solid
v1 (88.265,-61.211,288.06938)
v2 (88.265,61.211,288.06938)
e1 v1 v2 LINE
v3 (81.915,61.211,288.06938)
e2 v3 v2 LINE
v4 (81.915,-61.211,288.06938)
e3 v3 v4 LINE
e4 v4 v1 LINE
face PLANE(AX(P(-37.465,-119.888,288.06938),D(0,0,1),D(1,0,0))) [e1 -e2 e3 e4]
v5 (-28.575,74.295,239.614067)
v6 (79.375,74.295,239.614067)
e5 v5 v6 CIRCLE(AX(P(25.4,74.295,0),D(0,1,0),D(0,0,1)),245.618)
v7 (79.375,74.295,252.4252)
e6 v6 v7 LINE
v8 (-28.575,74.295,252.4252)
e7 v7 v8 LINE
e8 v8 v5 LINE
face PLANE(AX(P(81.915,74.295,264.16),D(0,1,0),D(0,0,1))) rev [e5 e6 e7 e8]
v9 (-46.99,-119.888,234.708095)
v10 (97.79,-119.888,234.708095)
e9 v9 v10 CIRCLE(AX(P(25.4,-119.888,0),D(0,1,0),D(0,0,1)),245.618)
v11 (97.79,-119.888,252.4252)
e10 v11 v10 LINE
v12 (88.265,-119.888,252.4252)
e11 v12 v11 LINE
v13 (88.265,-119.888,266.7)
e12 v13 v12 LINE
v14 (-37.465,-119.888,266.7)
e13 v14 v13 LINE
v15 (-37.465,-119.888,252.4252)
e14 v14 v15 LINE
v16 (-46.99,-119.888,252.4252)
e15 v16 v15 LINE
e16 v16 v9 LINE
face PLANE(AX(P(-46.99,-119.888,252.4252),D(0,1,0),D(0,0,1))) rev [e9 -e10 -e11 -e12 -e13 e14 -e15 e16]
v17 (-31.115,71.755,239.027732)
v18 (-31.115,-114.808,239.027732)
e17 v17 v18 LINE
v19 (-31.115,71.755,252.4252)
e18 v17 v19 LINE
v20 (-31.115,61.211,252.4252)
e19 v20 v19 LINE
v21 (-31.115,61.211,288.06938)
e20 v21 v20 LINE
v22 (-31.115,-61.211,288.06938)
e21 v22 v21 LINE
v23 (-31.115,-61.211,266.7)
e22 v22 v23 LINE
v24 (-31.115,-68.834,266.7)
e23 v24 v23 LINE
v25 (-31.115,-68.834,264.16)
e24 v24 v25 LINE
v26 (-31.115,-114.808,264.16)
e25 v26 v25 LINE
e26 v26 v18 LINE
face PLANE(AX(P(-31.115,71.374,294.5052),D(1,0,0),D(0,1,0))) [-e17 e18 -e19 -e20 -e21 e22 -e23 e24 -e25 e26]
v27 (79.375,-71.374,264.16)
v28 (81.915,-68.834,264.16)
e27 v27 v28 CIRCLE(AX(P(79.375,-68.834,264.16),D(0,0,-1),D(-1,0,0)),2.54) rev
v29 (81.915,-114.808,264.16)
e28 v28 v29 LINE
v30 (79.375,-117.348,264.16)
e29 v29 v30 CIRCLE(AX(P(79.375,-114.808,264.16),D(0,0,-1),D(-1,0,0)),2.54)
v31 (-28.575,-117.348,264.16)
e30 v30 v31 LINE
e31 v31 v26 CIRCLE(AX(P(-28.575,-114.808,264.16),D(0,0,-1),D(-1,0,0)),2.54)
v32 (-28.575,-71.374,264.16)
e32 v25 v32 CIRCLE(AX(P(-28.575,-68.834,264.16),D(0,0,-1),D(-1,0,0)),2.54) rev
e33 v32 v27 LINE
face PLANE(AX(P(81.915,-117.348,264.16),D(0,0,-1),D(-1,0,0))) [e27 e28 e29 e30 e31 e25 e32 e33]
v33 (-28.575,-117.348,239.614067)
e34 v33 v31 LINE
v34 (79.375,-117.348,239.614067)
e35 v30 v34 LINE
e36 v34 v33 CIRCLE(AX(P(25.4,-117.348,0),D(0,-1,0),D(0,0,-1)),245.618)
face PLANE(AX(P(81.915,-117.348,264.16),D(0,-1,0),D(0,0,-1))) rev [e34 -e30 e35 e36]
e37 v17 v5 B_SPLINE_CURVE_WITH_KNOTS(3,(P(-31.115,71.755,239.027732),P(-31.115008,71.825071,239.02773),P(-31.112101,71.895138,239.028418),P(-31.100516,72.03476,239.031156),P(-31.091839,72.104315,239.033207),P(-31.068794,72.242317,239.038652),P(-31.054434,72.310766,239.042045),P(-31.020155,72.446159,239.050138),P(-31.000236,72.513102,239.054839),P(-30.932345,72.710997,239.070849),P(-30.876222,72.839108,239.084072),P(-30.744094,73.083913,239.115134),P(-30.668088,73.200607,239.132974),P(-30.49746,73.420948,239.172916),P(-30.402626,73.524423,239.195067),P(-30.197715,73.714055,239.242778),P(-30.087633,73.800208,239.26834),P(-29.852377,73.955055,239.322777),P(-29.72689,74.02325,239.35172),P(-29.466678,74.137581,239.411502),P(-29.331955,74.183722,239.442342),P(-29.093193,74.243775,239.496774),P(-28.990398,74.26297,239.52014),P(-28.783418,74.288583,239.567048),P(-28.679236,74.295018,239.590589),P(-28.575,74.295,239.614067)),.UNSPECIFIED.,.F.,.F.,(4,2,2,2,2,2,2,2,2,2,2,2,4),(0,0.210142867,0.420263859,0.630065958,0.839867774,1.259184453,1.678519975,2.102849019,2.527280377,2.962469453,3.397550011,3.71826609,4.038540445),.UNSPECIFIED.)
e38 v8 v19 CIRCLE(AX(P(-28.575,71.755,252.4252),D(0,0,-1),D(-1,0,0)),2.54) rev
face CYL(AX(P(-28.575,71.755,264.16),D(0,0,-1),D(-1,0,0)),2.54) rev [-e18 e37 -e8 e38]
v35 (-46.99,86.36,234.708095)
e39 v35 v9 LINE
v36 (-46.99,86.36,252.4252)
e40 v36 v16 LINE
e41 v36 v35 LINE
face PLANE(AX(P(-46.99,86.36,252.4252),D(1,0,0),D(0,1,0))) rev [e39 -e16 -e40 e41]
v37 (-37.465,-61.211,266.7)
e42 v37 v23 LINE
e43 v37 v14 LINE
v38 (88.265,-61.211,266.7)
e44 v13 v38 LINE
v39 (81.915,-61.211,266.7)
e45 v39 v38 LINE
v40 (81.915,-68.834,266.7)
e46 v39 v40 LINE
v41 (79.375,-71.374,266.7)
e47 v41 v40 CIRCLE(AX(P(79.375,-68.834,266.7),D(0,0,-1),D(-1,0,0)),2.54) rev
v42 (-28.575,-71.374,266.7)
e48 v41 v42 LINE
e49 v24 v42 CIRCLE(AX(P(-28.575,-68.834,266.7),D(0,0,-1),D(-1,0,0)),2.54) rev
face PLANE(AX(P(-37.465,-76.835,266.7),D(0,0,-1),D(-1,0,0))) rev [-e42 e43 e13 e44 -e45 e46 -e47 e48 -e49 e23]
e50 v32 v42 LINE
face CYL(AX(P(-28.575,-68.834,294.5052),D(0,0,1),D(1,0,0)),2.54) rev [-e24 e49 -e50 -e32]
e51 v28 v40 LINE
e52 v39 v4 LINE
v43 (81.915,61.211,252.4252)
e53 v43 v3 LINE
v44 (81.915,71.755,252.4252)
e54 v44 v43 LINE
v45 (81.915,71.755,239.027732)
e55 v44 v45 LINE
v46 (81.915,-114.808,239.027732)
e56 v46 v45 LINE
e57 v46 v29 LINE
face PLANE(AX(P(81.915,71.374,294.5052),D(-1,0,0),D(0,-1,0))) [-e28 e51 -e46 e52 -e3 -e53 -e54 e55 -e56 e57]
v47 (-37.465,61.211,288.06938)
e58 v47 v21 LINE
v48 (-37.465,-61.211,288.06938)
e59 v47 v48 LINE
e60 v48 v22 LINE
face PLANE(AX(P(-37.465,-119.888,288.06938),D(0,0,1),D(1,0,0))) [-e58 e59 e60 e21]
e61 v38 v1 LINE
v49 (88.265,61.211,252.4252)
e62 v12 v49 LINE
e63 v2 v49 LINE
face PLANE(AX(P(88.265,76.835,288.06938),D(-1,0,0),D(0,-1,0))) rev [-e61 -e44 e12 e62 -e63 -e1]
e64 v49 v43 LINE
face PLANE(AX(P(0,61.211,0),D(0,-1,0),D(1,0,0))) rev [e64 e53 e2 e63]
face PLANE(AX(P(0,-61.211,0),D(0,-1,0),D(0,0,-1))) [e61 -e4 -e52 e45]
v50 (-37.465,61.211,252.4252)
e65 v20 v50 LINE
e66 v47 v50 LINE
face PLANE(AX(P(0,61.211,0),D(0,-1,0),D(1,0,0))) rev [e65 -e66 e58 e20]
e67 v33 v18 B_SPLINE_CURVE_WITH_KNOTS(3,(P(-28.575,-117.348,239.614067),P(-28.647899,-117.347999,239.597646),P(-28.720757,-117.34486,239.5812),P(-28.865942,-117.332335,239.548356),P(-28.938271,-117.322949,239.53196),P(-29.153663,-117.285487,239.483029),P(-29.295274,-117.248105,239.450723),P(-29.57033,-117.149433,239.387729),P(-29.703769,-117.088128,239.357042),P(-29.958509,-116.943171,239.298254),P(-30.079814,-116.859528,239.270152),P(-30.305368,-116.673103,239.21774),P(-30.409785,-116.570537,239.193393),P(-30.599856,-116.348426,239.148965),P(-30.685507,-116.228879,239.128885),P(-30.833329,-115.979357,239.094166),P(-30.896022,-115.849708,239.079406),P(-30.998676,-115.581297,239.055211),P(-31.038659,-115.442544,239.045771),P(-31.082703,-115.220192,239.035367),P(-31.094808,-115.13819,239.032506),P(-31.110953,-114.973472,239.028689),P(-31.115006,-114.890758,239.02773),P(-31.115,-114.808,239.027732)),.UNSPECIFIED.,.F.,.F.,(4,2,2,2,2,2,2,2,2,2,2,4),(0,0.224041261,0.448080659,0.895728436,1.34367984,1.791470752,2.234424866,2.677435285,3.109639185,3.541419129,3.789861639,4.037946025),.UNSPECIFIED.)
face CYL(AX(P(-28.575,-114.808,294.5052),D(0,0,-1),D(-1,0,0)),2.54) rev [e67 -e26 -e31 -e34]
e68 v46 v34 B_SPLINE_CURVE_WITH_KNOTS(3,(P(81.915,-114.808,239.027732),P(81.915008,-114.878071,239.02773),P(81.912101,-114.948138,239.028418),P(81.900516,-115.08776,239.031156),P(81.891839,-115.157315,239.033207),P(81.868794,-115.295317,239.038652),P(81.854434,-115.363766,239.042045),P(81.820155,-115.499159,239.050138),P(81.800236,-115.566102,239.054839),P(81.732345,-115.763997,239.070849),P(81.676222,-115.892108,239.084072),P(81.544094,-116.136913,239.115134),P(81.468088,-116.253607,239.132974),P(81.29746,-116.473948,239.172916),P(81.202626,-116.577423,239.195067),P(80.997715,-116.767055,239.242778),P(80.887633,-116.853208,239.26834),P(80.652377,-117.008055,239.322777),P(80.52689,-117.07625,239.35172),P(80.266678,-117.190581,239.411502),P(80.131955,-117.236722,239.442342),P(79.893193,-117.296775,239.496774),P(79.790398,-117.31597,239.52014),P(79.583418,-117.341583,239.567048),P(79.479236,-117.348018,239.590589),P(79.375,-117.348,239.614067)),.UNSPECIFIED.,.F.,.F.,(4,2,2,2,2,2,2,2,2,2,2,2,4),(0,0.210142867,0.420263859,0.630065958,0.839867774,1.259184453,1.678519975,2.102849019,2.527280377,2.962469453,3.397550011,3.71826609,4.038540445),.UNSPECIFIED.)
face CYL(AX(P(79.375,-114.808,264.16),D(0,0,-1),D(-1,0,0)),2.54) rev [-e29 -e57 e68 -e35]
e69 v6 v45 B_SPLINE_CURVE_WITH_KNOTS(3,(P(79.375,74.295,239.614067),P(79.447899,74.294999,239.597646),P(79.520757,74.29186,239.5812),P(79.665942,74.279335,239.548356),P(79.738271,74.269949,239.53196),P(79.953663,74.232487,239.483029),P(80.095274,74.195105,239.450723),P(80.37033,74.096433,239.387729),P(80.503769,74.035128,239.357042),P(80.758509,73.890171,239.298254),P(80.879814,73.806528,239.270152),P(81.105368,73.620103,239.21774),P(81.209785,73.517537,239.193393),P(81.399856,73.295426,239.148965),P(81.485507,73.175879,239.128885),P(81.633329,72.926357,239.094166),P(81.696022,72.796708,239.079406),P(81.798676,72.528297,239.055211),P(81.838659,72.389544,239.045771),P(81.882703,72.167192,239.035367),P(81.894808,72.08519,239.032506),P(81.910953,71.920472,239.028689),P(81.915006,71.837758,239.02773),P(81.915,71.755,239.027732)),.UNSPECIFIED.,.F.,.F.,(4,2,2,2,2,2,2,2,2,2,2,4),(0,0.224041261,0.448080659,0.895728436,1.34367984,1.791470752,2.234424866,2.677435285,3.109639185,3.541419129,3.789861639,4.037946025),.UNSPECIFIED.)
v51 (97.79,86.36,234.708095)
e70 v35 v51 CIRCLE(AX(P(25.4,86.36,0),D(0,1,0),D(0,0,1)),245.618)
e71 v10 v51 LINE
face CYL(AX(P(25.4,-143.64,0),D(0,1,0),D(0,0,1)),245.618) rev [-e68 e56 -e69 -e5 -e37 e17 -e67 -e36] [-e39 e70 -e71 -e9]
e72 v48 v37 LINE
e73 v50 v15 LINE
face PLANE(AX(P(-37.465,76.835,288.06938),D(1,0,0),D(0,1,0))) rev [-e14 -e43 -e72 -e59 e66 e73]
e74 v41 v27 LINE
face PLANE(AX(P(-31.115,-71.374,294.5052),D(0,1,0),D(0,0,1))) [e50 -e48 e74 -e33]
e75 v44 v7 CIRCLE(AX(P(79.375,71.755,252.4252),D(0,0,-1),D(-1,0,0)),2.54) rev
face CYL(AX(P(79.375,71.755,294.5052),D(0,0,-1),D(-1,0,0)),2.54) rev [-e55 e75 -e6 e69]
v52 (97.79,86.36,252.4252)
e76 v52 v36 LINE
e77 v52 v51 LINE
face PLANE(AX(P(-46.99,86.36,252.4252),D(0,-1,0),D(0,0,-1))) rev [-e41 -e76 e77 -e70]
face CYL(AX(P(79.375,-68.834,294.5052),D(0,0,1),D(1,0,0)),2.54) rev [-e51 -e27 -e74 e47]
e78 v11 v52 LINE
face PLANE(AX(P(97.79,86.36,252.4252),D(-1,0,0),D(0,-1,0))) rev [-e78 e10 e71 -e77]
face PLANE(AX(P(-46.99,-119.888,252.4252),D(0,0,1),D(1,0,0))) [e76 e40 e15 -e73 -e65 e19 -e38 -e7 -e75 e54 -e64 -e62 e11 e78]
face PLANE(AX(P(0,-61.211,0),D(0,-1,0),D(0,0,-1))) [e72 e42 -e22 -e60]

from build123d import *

# Parameters (mm, degrees)
SKETCH1_W           = 144.78
SKETCH1_H           = 206.248
EXTRUDE1_DEPTH      = 252.4252
SKETCH7_W           = 125.73
SKETCH7_H           = 196.723
EXTRUDE5_DEPTH      = 35.64418
EXTRUDE2_DEPTH      = 42.08
EXTRUDE2_DEPTH_BACK = 273.8502
SKETCH4_W           = 113.03
SKETCH4_H           = 142.748
SKETCH10_W          = 113.03
SKETCH10_H          = 2.921
SKETCH10_H_2        = 45.974
EXTRUDE8_DEPTH      = 264.16
SKETCH11_W          = 113.03
SKETCH11_H          = 2.921
EXTRUDE9_DEPTH      = 21.59
FILLET1_R           = 2.54
SKETCH2_R           = 245.618
EXTRUDE4_DEPTH      = 230
SKETCH12_W          = 125.73
SKETCH12_H          = 43.053
EXTRUDE10_DEPTH     = 21.36938
SKETCH14_W          = 132.74265683
SKETCH14_H          = 39.732066683
CUT_EXTRUDE1_DEPTH  = 15.623999994
SKETCH15_W          = 144.34776975
SKETCH15_H          = 23.27915683
CUT_EXTRUDE2_DEPTH  = 15.623999994


with BuildPart() as part:
    # Sketch1 → Extrude1 (new body)
    with BuildSketch(Plane.XY):
        with Locations((25.4, -16.764)):
            Rectangle(SKETCH1_W, SKETCH1_H)
    extrude(amount=EXTRUDE1_DEPTH)

    # Sketch7 → Extrude5 (add)
    with BuildSketch(Plane.XY.offset(252.4252)):
        with Locations((25.4, -21.5265)):
            Rectangle(SKETCH7_W, SKETCH7_H)
    extrude(amount=EXTRUDE5_DEPTH)

    # Sketch4 → Extrude2 (cut, two sides: drawn at the far end of the back side and taken through both)
    with BuildSketch(Plane.XY.offset(252.4252).offset(-EXTRUDE2_DEPTH_BACK)):
        with Locations((25.4, 0)):
            Rectangle(SKETCH4_W, SKETCH4_H)
    extrude(amount=EXTRUDE2_DEPTH + EXTRUDE2_DEPTH_BACK, mode=Mode.SUBTRACT)

    # Sketch10 → Extrude8 (cut)
    with BuildSketch(Plane(origin=(0, 0, 0), x_dir=(-1, 0, 0), z_dir=(0, 0, -1))):
        with Locations((-25.4, 72.8345)):
            Rectangle(SKETCH10_W, SKETCH10_H)
        with Locations((-25.4, -94.361)):
            Rectangle(SKETCH10_W, SKETCH10_H_2)
    extrude(amount=-EXTRUDE8_DEPTH, mode=Mode.SUBTRACT)

    # Sketch11 → Extrude9 (cut)
    with BuildSketch(Plane(origin=(0, 0, 264.16), x_dir=(-1, 0, 0), z_dir=(0, 0, -1))):
        with Locations((-25.4, 72.8345)):
            Rectangle(SKETCH11_W, SKETCH11_H)
    extrude(amount=-EXTRUDE9_DEPTH, mode=Mode.SUBTRACT)

    # Fillet1
    fillet1_edges = [part.edges().sort_by_distance(p)[0] for p in [
        (-31.115, 71.374, 286.90969),
        (-31.115, -71.374, 276.11469),
        (81.915, -71.374, 276.11469),
        (81.915, 71.374, 286.90969),
        (81.915, 74.295, 142.875),
        (-31.115, 74.295, 142.875),
        (81.915, -117.348, 132.08),
        (-31.115, -117.348, 132.08),
    ]]
    fillet(fillet1_edges, radius=FILLET1_R)

    # Sketch2 → Extrude4 (cut)
    with BuildSketch(Plane(origin=(0, 86.36, 0), x_dir=(-1, 0, 0), z_dir=(0, 1, 0))):
        with Locations((-25.4, 0)):
            Circle(SKETCH2_R)
    extrude(amount=-EXTRUDE4_DEPTH, mode=Mode.SUBTRACT)

    # Sketch12 → Extrude10 (cut)
    with BuildSketch(Plane.XY.offset(288.06938)):
        with Locations((25.4, -98.3615)):
            Rectangle(SKETCH12_W, SKETCH12_H)
    extrude(amount=-EXTRUDE10_DEPTH, mode=Mode.SUBTRACT)

    # Sketch14 → Cut-Extrude1 (cut)
    with BuildSketch(Plane(origin=(0, 76.835, 0), x_dir=(1, 0, 0), z_dir=(0, 1, 0))):
        with Locations((21.893671585, -272.291233342)):
            Rectangle(SKETCH14_W, SKETCH14_H)
    extrude(amount=-CUT_EXTRUDE1_DEPTH, mode=Mode.SUBTRACT)

    # Sketch15 → Cut-Extrude2 (cut)
    with BuildSketch(Plane.XZ.offset(76.835)):
        with Locations((25.85194999, 278.339578415)):
            Rectangle(SKETCH15_W, SKETCH15_H)
    extrude(amount=-CUT_EXTRUDE2_DEPTH, mode=Mode.SUBTRACT)


solid = part.part
